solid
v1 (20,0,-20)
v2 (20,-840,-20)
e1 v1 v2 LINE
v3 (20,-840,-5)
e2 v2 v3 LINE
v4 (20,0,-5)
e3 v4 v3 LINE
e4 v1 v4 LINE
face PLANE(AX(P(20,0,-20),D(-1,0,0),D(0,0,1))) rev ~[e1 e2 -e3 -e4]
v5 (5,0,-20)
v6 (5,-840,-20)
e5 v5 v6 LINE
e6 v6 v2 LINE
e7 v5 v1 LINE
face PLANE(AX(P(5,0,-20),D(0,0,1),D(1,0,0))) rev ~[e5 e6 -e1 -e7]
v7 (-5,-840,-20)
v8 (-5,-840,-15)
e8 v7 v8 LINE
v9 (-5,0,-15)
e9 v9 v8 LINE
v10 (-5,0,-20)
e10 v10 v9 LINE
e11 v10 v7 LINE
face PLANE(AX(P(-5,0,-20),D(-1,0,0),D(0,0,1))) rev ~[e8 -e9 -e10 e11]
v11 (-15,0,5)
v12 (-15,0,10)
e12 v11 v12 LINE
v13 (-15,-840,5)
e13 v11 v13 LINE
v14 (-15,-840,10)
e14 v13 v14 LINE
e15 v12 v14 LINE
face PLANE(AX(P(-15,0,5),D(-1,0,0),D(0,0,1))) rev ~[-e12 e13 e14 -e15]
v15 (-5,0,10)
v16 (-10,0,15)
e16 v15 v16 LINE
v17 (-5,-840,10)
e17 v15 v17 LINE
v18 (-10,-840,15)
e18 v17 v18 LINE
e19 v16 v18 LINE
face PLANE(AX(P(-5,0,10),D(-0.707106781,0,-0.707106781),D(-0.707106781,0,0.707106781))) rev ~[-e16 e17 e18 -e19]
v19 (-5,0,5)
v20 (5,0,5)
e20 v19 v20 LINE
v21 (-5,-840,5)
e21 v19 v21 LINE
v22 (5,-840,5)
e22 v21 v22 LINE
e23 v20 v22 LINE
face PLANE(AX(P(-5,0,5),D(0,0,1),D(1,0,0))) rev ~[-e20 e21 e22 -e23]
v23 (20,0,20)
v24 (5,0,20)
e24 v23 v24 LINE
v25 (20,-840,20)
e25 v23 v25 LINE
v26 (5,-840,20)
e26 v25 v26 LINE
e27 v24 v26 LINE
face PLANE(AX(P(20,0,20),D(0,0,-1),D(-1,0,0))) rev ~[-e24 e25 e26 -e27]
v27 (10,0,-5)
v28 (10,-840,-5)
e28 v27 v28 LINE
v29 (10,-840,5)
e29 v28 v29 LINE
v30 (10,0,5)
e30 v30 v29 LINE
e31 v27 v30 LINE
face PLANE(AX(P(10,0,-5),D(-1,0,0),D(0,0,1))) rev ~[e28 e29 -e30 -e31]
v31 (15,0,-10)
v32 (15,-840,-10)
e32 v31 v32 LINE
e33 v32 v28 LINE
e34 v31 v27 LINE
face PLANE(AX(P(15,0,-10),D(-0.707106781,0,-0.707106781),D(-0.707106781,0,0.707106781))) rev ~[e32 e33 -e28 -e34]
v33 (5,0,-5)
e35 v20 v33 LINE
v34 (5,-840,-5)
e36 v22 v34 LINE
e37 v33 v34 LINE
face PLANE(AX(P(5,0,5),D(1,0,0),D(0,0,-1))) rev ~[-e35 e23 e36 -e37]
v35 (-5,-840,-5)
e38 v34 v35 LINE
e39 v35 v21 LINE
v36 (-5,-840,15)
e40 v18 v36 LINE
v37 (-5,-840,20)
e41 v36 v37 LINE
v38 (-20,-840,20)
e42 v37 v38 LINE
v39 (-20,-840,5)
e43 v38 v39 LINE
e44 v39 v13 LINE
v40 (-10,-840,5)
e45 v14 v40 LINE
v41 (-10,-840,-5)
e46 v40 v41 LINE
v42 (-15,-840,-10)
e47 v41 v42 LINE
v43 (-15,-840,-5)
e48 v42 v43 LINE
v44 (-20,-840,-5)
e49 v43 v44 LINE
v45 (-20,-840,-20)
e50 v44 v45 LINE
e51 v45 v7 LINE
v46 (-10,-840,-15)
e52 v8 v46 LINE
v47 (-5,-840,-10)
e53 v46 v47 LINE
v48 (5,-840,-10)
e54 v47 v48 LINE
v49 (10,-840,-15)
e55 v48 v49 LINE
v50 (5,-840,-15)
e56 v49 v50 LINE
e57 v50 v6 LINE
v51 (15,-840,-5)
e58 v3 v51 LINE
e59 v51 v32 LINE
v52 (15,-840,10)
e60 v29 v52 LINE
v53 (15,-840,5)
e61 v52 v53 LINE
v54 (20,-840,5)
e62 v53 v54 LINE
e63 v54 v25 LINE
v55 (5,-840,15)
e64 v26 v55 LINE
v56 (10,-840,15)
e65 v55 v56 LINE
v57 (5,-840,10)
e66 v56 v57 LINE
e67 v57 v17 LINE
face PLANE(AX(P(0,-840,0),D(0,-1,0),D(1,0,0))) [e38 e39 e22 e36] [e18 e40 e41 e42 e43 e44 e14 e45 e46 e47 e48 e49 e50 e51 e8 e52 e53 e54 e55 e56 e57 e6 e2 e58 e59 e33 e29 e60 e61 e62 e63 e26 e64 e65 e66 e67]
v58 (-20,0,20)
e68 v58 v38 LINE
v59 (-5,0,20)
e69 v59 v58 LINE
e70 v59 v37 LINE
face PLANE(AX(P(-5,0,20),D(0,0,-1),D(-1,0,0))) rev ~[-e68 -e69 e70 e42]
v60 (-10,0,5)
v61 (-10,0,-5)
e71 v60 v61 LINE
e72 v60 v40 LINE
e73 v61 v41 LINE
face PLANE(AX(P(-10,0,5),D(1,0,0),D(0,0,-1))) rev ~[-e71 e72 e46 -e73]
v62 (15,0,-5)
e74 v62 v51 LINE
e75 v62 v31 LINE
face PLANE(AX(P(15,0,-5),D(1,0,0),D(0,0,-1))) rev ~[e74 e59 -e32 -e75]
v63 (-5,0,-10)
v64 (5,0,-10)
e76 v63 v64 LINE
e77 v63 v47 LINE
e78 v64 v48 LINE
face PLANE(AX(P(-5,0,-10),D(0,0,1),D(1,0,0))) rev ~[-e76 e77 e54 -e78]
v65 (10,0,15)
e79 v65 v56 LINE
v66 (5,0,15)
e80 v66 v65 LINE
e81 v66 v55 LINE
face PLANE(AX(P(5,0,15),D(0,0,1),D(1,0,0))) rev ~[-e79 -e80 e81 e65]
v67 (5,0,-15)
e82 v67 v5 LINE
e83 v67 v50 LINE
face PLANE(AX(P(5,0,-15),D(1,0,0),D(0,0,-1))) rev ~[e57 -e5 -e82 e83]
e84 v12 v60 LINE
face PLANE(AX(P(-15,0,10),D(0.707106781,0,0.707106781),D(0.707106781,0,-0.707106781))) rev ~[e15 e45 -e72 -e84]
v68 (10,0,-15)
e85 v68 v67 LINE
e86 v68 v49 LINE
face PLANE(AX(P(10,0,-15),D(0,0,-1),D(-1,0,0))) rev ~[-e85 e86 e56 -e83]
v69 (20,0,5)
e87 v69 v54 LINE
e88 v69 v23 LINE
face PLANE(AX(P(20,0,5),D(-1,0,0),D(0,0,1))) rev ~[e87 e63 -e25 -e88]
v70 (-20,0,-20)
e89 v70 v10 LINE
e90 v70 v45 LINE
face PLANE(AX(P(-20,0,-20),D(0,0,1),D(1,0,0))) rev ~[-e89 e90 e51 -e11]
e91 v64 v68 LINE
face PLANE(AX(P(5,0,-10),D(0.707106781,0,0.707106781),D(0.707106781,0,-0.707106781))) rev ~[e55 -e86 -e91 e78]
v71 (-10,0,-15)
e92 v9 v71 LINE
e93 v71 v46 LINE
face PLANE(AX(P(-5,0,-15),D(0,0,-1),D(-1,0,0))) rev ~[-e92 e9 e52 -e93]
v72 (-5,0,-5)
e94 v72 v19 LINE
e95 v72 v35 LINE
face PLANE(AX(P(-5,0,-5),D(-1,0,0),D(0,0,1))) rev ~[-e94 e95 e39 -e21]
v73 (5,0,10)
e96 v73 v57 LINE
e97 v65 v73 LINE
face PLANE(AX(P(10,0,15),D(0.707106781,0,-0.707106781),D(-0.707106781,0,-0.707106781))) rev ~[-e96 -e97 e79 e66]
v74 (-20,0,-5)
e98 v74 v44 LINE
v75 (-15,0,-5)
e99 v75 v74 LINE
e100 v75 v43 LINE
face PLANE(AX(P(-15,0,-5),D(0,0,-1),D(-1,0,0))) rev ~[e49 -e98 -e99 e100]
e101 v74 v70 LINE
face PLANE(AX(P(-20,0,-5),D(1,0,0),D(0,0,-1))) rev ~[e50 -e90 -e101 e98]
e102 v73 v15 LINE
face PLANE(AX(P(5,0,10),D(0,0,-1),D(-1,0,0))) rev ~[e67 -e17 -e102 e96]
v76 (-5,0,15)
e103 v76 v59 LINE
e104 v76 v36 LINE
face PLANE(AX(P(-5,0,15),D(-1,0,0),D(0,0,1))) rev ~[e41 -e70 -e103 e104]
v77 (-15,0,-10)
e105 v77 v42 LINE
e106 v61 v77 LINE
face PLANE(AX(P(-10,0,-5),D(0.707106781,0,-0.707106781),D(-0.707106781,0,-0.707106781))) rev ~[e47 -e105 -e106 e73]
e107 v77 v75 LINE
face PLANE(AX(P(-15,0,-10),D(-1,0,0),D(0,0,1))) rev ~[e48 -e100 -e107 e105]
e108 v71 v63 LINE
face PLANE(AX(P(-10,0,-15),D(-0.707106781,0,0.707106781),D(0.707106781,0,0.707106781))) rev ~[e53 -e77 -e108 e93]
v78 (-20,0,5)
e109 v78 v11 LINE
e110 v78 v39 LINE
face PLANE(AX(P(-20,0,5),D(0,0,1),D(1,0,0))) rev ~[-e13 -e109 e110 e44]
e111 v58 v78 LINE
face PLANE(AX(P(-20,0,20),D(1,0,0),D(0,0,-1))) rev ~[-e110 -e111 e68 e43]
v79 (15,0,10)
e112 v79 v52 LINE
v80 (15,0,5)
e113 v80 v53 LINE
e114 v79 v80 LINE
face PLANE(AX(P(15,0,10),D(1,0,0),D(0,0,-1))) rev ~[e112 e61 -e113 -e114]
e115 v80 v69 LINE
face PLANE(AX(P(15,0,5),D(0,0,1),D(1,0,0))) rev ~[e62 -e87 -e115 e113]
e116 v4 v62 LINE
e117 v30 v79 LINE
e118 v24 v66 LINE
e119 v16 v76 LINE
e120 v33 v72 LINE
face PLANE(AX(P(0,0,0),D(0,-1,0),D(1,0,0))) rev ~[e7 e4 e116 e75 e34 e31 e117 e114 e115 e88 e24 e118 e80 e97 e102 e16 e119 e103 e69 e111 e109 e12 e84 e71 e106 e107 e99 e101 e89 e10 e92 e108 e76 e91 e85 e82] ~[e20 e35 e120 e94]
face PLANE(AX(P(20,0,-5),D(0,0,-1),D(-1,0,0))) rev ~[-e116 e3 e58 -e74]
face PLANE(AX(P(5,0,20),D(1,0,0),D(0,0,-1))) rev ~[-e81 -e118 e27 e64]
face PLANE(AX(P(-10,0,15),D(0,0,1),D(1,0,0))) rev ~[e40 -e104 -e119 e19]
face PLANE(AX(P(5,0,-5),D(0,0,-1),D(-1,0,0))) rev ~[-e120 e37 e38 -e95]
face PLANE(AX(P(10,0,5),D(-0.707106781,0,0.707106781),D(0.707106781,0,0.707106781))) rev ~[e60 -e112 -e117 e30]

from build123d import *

# Parameters (mm, degrees)
F1_DEPTH = 840


with BuildPart() as f1:
    # F0 (on Front) → F1 (new body)
    with BuildSketch(Plane.XZ):
        Polygon((20, 5), (20, 20), (5, 20), (5, 15), (10, 15), (5, 10), (-5, 10), (-10, 15), (-5, 15), (-5, 20), (-20, 20), (-20, 5), (-15, 5), (-15, 10), (-10, 5), (-10, -5), (-15, -10), (-15, -5), (-20, -5), (-20, -20), (-5, -20), (-5, -15), (-10, -15), (-5, -10), (5, -10), (10, -15), (5, -15), (5, -20), (20, -20), (20, -5), (15, -5), (15, -10), (10, -5), (10, 5), (15, 10), (15, 5), align=None)
        Polygon((-5, 0), (-5, 5), (0, 5), (5, 5), (5, 0), (5, -5), (0, -5), (-5, -5), align=None, mode=Mode.SUBTRACT)
    extrude(amount=F1_DEPTH)


solid = f1.part
